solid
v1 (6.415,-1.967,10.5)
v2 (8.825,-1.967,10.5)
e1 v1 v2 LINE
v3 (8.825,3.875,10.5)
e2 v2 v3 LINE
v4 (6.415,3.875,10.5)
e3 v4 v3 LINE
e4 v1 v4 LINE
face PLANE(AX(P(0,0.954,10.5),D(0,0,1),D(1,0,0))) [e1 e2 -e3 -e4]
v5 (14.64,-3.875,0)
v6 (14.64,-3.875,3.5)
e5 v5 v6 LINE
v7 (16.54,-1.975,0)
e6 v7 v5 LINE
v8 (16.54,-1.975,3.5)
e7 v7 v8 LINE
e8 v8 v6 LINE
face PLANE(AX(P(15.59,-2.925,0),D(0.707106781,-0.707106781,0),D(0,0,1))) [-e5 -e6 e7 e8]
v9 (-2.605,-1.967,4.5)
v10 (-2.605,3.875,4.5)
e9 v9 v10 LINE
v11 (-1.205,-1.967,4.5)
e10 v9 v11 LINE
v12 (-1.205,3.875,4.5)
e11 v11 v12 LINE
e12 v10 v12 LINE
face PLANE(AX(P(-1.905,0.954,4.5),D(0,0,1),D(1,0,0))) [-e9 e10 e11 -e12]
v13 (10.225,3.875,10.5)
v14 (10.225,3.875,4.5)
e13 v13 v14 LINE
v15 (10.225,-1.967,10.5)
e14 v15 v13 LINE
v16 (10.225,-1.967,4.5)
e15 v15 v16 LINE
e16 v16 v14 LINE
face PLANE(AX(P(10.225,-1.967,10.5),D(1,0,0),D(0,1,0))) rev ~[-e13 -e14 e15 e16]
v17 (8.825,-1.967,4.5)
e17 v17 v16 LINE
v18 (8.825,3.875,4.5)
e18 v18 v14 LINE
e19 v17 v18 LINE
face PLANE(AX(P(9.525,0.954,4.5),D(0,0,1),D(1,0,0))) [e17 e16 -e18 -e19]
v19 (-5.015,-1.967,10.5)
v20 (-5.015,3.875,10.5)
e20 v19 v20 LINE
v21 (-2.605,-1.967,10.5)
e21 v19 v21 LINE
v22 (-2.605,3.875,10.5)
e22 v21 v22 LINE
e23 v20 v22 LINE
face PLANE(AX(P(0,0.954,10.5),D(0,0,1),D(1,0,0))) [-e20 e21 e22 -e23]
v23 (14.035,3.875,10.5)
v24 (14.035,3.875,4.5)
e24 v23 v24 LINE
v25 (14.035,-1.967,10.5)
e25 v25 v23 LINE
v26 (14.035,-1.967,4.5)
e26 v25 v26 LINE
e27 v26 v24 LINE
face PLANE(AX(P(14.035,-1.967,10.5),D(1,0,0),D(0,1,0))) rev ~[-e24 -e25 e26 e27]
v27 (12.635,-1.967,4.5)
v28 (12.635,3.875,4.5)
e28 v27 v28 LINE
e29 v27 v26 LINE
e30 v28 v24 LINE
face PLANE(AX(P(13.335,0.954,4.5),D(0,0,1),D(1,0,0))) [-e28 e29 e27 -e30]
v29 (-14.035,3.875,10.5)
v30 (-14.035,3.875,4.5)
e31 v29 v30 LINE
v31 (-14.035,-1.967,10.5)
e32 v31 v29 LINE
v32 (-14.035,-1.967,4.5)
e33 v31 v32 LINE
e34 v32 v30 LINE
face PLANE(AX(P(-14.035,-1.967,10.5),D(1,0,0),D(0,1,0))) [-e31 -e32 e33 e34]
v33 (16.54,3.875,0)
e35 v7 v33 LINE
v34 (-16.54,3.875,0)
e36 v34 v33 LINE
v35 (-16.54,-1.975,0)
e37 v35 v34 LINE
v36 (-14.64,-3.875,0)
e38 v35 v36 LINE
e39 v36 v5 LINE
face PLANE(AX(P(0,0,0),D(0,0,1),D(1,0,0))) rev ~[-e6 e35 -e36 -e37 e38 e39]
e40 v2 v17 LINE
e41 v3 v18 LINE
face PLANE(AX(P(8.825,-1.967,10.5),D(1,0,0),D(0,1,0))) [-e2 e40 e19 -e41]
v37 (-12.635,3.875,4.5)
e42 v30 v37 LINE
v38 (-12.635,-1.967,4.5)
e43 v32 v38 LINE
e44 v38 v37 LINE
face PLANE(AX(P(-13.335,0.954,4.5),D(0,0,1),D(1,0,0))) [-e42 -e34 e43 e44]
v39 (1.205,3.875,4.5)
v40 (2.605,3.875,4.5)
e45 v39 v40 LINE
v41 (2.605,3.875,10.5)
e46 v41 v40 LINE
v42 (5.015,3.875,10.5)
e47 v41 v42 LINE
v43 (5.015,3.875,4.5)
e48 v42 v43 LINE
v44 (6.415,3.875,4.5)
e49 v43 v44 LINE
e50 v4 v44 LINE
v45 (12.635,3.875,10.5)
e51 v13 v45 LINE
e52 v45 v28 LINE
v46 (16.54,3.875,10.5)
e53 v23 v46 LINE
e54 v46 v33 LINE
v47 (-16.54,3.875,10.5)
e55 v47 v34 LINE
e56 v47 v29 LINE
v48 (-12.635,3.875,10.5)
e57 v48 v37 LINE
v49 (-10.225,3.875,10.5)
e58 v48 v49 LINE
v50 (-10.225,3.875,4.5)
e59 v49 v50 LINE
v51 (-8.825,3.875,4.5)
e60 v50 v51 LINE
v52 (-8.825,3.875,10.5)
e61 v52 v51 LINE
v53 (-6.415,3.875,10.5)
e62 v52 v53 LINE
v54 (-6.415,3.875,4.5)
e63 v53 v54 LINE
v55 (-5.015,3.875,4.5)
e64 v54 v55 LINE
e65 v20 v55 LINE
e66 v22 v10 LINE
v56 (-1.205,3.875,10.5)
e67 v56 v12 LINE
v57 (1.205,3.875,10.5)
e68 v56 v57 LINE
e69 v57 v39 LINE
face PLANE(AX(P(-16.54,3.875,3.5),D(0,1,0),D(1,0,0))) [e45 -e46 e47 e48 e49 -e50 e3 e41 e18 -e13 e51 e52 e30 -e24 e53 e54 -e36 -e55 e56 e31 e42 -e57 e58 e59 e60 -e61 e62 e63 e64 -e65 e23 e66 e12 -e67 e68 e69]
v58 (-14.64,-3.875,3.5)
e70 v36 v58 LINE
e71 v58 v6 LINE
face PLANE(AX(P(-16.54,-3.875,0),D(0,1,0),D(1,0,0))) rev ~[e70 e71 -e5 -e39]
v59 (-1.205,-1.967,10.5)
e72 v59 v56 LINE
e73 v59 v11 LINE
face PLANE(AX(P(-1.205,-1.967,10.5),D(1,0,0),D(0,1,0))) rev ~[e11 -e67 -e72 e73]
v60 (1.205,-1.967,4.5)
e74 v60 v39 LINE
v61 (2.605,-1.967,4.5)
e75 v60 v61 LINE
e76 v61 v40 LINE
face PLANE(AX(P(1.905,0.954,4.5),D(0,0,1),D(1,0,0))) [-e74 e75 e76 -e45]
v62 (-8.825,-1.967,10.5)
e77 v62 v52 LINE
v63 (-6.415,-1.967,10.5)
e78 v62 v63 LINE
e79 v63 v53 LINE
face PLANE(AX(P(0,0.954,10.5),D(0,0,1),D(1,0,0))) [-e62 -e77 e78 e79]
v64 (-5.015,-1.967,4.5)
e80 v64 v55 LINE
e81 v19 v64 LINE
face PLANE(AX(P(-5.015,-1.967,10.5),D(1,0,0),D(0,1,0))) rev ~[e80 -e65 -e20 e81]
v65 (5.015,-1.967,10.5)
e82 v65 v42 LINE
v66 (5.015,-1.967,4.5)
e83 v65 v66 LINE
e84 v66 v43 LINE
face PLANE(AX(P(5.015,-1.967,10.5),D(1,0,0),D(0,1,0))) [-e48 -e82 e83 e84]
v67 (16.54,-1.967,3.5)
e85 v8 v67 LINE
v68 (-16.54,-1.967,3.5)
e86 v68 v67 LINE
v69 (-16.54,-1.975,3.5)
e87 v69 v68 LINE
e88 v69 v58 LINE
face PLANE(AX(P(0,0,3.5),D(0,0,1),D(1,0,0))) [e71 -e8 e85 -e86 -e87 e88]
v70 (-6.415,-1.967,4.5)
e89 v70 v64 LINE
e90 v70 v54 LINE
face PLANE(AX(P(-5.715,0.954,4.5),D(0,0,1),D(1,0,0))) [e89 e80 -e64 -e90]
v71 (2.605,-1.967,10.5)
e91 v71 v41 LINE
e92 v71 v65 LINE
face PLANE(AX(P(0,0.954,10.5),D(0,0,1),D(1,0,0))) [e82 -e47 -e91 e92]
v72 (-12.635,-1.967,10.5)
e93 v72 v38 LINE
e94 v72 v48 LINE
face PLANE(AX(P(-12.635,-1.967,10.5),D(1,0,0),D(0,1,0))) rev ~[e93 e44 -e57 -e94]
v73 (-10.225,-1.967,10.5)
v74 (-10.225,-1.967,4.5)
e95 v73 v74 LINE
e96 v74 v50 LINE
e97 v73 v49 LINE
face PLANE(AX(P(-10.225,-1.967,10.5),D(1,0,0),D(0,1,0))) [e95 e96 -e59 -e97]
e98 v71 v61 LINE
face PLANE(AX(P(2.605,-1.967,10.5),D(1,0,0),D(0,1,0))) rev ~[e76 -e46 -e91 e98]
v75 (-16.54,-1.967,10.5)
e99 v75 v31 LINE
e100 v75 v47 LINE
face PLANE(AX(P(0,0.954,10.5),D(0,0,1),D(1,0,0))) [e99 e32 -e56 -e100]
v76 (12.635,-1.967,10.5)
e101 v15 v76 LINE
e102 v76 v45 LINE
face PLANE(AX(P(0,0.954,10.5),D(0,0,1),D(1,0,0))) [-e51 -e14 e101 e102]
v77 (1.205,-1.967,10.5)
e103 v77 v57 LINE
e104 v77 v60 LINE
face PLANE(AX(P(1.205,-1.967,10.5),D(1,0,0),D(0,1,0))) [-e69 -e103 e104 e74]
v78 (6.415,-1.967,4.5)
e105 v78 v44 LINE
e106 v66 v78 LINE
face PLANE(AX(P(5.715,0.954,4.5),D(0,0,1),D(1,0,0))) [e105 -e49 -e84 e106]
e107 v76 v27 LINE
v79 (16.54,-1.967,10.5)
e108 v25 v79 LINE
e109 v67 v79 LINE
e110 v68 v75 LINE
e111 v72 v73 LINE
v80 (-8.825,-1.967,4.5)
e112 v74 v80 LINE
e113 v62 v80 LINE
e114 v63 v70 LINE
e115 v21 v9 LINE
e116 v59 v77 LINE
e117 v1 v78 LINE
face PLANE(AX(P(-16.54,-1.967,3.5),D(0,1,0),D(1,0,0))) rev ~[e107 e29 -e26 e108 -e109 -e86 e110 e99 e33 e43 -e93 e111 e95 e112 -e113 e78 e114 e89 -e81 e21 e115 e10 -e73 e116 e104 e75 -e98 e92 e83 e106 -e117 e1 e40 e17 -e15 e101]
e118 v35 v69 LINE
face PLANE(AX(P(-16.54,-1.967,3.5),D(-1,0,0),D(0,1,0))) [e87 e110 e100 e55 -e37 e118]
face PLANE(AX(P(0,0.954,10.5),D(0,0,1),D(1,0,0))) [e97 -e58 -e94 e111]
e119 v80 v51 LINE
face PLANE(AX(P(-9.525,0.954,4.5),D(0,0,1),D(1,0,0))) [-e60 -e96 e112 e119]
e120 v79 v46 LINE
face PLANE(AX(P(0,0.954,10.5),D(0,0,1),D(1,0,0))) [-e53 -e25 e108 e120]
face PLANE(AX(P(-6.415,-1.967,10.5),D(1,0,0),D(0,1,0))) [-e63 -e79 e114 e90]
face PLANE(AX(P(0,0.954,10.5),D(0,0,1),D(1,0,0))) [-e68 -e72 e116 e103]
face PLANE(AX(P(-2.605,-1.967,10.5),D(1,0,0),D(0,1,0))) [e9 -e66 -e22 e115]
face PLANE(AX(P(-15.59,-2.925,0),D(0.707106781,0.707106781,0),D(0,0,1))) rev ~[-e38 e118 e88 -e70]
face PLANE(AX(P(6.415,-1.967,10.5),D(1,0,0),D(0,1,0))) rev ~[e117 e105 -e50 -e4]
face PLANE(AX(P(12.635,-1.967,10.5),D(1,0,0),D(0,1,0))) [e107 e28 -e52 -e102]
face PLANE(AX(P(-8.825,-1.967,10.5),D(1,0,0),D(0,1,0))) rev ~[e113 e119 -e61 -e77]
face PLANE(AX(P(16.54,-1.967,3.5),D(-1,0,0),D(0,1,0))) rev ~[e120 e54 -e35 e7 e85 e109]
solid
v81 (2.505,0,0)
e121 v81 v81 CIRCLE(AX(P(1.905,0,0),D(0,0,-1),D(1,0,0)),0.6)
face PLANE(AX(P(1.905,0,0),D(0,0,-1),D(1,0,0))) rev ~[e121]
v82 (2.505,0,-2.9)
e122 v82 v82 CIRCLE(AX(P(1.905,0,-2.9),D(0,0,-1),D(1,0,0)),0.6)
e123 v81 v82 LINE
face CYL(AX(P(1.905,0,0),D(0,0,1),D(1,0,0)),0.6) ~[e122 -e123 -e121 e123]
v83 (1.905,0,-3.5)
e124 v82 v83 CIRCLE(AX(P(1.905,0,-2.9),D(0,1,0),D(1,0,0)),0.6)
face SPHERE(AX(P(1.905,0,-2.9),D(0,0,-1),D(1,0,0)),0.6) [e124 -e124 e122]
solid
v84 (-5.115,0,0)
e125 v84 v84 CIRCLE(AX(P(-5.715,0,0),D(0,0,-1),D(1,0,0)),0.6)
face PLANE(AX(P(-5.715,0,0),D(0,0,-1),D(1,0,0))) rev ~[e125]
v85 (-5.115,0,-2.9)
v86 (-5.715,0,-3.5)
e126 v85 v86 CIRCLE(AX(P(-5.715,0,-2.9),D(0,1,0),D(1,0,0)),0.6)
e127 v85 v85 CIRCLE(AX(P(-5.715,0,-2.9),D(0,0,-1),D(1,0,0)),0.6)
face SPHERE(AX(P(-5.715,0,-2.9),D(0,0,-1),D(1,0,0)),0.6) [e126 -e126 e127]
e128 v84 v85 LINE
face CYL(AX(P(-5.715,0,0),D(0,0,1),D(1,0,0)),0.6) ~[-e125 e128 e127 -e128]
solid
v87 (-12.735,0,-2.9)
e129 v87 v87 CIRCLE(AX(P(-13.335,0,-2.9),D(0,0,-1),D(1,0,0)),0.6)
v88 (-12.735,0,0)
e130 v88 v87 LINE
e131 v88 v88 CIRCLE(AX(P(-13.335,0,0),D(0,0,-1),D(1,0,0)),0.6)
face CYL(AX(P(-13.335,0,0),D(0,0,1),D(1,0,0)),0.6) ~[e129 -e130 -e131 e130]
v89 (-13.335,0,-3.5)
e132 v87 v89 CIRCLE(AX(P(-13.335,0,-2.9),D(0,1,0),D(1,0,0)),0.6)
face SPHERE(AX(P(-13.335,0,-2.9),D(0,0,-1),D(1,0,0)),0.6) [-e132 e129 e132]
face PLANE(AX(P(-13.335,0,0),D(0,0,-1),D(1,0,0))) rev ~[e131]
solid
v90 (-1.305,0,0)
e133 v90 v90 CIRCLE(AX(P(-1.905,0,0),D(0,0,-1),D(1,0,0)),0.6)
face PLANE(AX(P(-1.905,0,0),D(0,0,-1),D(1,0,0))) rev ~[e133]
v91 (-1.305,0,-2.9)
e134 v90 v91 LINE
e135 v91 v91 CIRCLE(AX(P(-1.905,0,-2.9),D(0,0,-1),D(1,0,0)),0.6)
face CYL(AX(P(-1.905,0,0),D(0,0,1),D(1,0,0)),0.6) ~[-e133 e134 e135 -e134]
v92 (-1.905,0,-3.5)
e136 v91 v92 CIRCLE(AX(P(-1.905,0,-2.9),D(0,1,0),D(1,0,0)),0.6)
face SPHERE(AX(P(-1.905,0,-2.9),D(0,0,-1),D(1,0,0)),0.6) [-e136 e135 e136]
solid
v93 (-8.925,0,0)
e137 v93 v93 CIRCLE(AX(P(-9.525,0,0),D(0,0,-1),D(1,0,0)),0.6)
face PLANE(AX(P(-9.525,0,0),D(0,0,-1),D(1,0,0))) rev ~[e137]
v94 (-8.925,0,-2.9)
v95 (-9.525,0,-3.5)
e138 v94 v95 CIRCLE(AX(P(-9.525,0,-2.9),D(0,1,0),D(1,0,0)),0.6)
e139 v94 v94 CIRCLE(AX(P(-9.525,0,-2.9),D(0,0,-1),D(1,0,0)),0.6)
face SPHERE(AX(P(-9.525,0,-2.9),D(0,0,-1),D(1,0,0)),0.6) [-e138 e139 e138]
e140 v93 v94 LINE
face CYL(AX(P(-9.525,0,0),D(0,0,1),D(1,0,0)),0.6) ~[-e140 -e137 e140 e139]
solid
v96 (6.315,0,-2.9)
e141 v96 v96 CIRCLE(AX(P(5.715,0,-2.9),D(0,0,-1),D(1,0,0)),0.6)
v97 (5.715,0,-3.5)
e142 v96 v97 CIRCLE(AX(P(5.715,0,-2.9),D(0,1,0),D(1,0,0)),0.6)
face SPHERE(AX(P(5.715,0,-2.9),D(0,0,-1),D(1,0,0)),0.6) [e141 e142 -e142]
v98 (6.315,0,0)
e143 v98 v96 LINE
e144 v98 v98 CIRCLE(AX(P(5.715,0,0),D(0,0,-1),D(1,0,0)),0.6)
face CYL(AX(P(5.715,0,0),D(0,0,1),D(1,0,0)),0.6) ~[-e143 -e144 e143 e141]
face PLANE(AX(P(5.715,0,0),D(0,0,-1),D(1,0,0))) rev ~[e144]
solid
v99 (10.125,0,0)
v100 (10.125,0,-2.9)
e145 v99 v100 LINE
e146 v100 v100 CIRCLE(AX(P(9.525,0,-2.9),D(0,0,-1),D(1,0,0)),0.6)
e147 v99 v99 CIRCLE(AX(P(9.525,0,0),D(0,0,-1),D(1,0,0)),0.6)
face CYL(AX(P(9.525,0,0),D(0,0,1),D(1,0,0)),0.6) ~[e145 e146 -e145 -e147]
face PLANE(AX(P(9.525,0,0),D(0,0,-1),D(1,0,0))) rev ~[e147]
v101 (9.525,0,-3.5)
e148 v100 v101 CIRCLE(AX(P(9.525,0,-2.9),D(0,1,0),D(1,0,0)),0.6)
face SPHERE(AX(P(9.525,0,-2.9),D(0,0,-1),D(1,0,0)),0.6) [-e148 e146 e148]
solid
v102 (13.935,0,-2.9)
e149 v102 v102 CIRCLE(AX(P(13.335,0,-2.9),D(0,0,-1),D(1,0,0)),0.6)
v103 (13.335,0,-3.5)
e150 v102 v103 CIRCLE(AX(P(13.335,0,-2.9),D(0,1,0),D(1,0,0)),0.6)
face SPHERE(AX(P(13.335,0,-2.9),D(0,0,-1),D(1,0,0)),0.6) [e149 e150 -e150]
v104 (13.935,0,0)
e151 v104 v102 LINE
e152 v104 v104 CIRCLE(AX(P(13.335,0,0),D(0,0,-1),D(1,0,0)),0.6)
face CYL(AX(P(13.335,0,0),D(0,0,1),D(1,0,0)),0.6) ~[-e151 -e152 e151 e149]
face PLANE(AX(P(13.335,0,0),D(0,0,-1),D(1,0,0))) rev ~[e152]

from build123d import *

# Parameters (mm, degrees)
F0_W     = 33.08
F0_H     = 7.75
F1_DEPTH = 3.5
F2_W     = 33.08
F2_H     = 5.842
F3_DEPTH = 7
F4_SIZE  = 1.9
F5_W     = 1.4
F5_H     = 5.842
F6_DEPTH = 6
F7_R     = 0.6
F8_DEPTH = 3.5
F9_R     = 0.6


with BuildPart() as f1:
    # F0 (on Top) → F1 (new body)
    with BuildSketch(Plane.XY):
        Rectangle(F0_W, F0_H)
    extrude(amount=F1_DEPTH)

    # F2 (on face) → F3 (join)
    with BuildSketch(Plane.XY.offset(3.5)):
        with Locations((0, 0.954)):
            Rectangle(F2_W, F2_H)
    extrude(amount=F3_DEPTH)

    # F4
    f4_edges = [f1.edges().sort_by_distance(p)[0] for p in [
        (16.54, -3.875, 1.75),
        (-16.54, -3.875, 1.75),
    ]]
    chamfer(f4_edges, length=F4_SIZE)

    # F5 (on face) → F6 (cut)
    with BuildSketch(Plane.XY.offset(10.5)):
        with Locations((-13.335, 0.954)):
            Rectangle(F5_W, F5_H)
        with Locations((-9.525, 0.954)):
            Rectangle(F5_W, F5_H)
        with Locations((-5.715, 0.954)):
            Rectangle(F5_W, F5_H)
        with Locations((-1.905, 0.954)):
            Rectangle(F5_W, F5_H)
        with Locations((1.905, 0.954)):
            Rectangle(F5_W, F5_H)
        with Locations((5.715, 0.954)):
            Rectangle(F5_W, F5_H)
        with Locations((9.525, 0.954)):
            Rectangle(F5_W, F5_H)
        with Locations((13.335, 0.954)):
            Rectangle(F5_W, F5_H)
    extrude(amount=-F6_DEPTH, mode=Mode.SUBTRACT)


with BuildPart() as f8:
    # F7 (on face) → F8 (new body)
    with BuildSketch(Plane(origin=(0, 0, 0), x_dir=(1, 0, 0), z_dir=(0, 0, -1))):
        with Locations((-13.335, 0)):
            Circle(F7_R)
        with Locations((-9.525, 0)):
            Circle(F7_R)
        with Locations((-5.715, 0)):
            Circle(F7_R)
        with Locations((-1.905, 0)):
            Circle(F7_R)
        with Locations((1.905, 0)):
            Circle(F7_R)
        with Locations((5.715, 0)):
            Circle(F7_R)
        with Locations((9.525, 0)):
            Circle(F7_R)
        with Locations((13.335, 0)):
            Circle(F7_R)
    extrude(amount=F8_DEPTH)

    # F9
    f9_edges = [f8.edges().sort_by_distance(p)[0] for p in [
        (-13.935, 0, -3.5),
        (-10.125, 0, -3.5),
        (-6.315, 0, -3.5),
        (-2.505, 0, -3.5),
        (1.305, 0, -3.5),
        (5.115, 0, -3.5),
        (8.925, 0, -3.5),
        (12.735, 0, -3.5),
    ]]
    fillet(f9_edges, radius=F9_R)


solid = Compound([f1.part, f8.part])
